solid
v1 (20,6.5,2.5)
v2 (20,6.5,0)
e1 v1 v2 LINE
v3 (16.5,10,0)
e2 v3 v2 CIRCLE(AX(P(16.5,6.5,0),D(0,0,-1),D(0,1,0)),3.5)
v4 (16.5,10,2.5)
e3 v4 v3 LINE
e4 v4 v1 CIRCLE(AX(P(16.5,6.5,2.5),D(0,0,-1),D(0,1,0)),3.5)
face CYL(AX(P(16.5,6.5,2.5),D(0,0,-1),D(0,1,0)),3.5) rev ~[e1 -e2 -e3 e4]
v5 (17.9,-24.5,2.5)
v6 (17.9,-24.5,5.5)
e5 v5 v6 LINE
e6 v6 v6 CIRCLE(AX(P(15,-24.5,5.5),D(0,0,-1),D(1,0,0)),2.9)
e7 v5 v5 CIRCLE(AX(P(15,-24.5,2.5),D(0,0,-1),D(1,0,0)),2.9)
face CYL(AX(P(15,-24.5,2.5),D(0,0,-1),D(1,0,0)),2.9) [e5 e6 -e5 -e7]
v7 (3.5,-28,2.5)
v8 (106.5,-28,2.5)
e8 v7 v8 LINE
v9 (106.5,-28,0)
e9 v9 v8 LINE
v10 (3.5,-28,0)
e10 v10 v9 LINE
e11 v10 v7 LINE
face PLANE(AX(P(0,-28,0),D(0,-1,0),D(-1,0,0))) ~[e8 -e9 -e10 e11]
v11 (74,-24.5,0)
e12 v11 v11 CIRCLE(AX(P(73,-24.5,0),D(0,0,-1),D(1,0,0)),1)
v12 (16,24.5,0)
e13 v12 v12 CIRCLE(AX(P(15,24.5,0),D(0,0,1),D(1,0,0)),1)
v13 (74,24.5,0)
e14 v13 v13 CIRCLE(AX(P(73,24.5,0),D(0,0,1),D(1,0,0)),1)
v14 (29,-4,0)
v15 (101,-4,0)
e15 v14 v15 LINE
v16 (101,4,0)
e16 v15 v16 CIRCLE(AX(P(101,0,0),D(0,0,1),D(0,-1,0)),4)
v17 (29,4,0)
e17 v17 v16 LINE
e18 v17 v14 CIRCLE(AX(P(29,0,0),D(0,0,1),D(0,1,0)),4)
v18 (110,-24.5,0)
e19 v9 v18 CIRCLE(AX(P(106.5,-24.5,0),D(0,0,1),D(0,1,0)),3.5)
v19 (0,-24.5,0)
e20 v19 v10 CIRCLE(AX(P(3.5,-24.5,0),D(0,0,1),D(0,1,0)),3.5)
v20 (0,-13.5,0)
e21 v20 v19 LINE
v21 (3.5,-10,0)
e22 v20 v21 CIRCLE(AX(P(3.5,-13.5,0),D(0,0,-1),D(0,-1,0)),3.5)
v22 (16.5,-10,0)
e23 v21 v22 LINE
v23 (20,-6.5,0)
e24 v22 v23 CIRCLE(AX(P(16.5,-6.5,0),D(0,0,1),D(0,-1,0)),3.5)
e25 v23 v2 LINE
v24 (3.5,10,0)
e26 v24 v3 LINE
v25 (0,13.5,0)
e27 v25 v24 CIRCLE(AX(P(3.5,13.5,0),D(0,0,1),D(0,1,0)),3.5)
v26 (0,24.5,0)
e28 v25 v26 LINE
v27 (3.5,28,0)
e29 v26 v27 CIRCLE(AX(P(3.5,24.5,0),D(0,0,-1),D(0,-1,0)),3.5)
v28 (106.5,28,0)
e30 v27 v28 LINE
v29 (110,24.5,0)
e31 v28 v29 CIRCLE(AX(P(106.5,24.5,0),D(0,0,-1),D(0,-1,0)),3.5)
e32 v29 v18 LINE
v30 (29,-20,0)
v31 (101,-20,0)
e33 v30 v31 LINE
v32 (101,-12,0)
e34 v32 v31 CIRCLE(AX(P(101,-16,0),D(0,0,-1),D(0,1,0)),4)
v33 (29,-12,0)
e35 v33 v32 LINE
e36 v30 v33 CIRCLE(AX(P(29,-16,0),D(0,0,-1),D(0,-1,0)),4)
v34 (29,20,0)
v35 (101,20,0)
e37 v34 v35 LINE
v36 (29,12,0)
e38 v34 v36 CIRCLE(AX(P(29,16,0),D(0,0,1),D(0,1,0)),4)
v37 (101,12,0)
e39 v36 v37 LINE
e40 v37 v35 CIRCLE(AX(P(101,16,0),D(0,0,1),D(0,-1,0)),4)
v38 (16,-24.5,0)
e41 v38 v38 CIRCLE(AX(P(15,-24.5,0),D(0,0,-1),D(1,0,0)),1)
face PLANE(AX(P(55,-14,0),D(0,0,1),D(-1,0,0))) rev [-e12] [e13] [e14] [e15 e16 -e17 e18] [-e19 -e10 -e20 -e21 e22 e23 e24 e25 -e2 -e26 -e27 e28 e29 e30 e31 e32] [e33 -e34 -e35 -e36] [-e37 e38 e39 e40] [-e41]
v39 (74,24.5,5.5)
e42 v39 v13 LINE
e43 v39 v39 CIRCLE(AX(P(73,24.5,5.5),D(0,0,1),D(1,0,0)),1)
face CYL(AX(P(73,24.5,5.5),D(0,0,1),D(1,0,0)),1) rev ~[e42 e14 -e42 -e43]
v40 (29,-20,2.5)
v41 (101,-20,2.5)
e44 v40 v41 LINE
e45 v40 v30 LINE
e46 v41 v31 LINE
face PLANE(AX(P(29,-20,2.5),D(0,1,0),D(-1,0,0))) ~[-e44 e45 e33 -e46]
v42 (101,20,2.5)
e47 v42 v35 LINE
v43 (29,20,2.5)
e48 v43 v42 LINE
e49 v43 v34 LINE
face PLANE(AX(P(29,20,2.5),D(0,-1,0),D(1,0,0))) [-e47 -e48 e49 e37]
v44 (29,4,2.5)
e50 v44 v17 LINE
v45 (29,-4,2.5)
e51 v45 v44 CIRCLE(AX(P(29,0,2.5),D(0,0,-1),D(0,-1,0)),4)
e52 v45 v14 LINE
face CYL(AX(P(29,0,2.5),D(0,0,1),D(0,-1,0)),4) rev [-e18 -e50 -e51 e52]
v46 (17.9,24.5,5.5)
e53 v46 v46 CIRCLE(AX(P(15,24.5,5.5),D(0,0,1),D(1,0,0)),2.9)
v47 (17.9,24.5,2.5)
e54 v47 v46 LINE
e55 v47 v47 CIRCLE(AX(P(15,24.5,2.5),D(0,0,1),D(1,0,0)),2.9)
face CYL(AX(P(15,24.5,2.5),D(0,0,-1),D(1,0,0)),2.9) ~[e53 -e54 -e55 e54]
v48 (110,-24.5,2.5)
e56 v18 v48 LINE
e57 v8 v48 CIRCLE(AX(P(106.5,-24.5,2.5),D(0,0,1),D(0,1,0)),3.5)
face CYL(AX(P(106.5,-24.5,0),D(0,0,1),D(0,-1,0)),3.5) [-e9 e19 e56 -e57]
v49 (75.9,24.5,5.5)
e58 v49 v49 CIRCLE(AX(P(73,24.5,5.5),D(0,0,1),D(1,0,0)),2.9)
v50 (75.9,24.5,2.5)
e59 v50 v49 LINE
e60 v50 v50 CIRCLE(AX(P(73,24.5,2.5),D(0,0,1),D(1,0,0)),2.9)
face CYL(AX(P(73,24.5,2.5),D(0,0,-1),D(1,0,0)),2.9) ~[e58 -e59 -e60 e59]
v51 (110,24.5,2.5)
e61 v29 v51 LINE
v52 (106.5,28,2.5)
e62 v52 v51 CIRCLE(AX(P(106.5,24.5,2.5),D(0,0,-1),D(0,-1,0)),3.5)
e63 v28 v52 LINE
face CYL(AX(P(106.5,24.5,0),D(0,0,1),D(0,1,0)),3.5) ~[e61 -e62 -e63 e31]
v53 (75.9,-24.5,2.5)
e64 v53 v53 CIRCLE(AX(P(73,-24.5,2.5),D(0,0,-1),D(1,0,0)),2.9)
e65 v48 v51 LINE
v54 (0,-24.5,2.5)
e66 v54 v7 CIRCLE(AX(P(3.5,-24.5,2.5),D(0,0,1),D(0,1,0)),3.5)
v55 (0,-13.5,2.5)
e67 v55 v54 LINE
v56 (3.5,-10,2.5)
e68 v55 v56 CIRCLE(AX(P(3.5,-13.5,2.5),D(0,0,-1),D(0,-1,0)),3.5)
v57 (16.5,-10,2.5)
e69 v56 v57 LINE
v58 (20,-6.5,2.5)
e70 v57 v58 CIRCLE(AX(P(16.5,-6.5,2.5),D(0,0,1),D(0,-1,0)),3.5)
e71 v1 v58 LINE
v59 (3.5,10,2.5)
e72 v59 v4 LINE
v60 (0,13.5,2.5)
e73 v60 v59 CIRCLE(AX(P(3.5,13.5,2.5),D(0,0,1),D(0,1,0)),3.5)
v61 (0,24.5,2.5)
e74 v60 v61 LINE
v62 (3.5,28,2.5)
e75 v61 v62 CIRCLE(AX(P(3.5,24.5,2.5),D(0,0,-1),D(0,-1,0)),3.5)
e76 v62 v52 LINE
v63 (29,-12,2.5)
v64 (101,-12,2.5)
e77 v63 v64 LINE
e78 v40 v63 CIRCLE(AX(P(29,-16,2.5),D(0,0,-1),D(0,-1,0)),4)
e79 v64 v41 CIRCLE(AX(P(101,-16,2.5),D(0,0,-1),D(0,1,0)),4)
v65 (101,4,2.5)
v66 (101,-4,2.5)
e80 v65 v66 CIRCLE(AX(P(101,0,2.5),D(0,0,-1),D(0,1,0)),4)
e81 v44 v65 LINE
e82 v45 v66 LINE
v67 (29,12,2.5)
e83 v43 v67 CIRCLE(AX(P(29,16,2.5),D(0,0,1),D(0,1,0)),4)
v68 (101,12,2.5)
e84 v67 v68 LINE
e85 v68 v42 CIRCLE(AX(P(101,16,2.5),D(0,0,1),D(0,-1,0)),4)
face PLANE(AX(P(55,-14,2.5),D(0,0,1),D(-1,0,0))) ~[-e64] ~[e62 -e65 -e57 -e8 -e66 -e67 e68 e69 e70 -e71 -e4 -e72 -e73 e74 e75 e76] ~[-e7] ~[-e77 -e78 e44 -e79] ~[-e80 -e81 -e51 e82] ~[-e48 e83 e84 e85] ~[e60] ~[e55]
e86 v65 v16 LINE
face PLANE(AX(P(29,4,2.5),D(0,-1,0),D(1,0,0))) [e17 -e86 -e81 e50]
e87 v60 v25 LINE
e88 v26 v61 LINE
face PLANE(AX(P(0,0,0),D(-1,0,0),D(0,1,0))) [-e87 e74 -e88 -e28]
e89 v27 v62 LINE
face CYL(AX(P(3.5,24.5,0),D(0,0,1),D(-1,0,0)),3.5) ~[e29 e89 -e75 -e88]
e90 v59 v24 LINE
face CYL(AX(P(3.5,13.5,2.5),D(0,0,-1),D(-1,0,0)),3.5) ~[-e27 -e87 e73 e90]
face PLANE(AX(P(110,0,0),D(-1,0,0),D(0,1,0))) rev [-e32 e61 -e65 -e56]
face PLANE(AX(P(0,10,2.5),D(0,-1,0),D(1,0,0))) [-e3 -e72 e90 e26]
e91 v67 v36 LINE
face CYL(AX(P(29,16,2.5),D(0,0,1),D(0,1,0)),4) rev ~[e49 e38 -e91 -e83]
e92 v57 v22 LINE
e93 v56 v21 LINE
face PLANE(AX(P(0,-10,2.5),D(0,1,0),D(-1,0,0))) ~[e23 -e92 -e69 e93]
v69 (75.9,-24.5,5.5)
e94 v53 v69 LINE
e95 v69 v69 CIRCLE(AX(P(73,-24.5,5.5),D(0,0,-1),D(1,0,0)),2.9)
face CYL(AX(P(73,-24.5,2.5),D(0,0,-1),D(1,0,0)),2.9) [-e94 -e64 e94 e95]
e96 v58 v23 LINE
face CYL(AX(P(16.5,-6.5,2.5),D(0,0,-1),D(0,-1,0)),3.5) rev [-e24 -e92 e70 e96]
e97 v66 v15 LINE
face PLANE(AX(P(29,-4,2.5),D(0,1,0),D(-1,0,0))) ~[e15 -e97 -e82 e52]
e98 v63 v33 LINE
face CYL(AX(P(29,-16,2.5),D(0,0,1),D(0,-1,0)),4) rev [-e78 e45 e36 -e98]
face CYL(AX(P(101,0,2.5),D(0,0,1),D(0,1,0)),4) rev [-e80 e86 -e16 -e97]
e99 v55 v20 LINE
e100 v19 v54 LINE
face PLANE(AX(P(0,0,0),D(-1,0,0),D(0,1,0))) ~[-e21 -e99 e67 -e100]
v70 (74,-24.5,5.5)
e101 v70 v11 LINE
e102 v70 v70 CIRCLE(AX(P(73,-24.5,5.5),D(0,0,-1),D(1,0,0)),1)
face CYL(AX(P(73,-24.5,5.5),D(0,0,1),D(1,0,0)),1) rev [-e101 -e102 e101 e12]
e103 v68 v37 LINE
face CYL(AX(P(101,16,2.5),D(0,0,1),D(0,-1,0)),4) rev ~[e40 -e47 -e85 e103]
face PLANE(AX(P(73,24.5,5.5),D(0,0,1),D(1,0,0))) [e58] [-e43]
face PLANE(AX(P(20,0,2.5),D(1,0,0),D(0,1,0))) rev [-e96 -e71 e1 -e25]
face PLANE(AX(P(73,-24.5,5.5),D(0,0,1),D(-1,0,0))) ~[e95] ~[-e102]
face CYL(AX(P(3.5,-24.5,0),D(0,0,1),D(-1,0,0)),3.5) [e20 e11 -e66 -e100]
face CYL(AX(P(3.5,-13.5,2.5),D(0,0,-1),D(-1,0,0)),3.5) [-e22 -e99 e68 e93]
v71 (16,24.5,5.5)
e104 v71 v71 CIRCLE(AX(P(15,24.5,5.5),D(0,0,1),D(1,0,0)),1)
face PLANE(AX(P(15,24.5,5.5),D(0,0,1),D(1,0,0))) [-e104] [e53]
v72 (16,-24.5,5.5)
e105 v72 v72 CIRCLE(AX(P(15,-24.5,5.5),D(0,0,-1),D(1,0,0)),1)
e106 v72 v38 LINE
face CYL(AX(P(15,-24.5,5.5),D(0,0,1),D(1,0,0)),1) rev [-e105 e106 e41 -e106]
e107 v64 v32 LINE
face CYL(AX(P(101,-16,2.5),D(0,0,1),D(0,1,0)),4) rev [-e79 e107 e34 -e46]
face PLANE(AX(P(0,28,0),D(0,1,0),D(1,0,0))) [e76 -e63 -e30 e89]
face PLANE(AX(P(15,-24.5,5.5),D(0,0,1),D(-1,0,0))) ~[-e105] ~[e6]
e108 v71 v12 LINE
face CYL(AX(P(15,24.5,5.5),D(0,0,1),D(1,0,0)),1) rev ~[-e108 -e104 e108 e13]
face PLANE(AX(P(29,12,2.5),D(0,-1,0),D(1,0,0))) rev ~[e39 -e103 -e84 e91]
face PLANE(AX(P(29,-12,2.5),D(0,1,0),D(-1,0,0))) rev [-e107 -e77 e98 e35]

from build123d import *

# Parameters (mm, degrees)
SKETCH_W            = 110
SKETCH_H            = 28
PAD_DEPTH           = 2.5
SKETCH001_R         = 2.9
PAD001_DEPTH        = 3
SKETCH002_R         = 1
POCKET_DEPTH        = 5.501
POCKET001_DEPTH     = 2.501
LINEARPATTERN_COUNT = 2
LINEARPATTERN_PITCH = 16
SKETCH004_W         = 20
SKETCH004_H         = 10
POCKET002_DEPTH     = 2.501
FILLET_R            = 3.5


with BuildPart() as part:
    # Sketch → Pad (new body)
    with BuildSketch(Plane.XY):
        with Locations((55, 14)):
            Rectangle(SKETCH_W, SKETCH_H)
    extrude(amount=PAD_DEPTH)

    # Sketch001 (on Face6 of Pad) → Pad001 (join)
    with BuildSketch(Plane.XY.offset(2.5)):
        with Locations((15, 24.5)):
            Circle(SKETCH001_R)
        with Locations((73, 24.5)):
            Circle(SKETCH001_R)
    extrude(amount=PAD001_DEPTH)

    # Sketch002 (on Face9 of Pad001) → Pocket (cut, through all)
    with BuildSketch(Plane.XY.offset(5.5)):
        with Locations((15, 24.5)):
            Circle(SKETCH002_R)
        with Locations((73, 24.5)):
            Circle(SKETCH002_R)
    extrude(amount=-POCKET_DEPTH, mode=Mode.SUBTRACT)

    # Sketch003 (on Face5 of Pocket) → Pocket001 (cut, through all)
    with BuildSketch(Plane.XY.offset(2.5)):
        with BuildLine():
            ThreePointArc((29, 4), (25, 0), (29, -4))
            Line((29, -4), (101, -4))
            ThreePointArc((101, -4), (105, 0), (101, 4))
            Line((29, 4), (101, 4))
        make_face()
    pocket001 = extrude(amount=-POCKET001_DEPTH, mode=Mode.SUBTRACT)

    # LinearPattern: Pocket001 ×2
    with Locations(*[(0, i * LINEARPATTERN_PITCH, 0) for i in range(1, LINEARPATTERN_COUNT)]):
        add(pocket001, mode=Mode.SUBTRACT)

    # Sketch004 (on Face4 of LinearPattern) → Pocket002 (cut, through all)
    with BuildSketch(Plane.XY.offset(2.5)):
        with Locations((10, 5)):
            Rectangle(SKETCH004_W, SKETCH004_H)
    extrude(amount=-POCKET002_DEPTH, mode=Mode.SUBTRACT)

    # Fillet
    fillet_edges = [part.edges().sort_by_distance(p)[0] for p in [
        (20, 10, 1.25),
        (0, 10, 1.25),
        (0, 28, 1.25),
        (110, 28, 1.25),
    ]]
    fillet(fillet_edges, radius=FILLET_R)

    # Mirrored: part across XZ


with BuildPart() as part_1:
    add(part.part)
    add(part.part.mirror(Plane.XZ))


solid = part_1.part
